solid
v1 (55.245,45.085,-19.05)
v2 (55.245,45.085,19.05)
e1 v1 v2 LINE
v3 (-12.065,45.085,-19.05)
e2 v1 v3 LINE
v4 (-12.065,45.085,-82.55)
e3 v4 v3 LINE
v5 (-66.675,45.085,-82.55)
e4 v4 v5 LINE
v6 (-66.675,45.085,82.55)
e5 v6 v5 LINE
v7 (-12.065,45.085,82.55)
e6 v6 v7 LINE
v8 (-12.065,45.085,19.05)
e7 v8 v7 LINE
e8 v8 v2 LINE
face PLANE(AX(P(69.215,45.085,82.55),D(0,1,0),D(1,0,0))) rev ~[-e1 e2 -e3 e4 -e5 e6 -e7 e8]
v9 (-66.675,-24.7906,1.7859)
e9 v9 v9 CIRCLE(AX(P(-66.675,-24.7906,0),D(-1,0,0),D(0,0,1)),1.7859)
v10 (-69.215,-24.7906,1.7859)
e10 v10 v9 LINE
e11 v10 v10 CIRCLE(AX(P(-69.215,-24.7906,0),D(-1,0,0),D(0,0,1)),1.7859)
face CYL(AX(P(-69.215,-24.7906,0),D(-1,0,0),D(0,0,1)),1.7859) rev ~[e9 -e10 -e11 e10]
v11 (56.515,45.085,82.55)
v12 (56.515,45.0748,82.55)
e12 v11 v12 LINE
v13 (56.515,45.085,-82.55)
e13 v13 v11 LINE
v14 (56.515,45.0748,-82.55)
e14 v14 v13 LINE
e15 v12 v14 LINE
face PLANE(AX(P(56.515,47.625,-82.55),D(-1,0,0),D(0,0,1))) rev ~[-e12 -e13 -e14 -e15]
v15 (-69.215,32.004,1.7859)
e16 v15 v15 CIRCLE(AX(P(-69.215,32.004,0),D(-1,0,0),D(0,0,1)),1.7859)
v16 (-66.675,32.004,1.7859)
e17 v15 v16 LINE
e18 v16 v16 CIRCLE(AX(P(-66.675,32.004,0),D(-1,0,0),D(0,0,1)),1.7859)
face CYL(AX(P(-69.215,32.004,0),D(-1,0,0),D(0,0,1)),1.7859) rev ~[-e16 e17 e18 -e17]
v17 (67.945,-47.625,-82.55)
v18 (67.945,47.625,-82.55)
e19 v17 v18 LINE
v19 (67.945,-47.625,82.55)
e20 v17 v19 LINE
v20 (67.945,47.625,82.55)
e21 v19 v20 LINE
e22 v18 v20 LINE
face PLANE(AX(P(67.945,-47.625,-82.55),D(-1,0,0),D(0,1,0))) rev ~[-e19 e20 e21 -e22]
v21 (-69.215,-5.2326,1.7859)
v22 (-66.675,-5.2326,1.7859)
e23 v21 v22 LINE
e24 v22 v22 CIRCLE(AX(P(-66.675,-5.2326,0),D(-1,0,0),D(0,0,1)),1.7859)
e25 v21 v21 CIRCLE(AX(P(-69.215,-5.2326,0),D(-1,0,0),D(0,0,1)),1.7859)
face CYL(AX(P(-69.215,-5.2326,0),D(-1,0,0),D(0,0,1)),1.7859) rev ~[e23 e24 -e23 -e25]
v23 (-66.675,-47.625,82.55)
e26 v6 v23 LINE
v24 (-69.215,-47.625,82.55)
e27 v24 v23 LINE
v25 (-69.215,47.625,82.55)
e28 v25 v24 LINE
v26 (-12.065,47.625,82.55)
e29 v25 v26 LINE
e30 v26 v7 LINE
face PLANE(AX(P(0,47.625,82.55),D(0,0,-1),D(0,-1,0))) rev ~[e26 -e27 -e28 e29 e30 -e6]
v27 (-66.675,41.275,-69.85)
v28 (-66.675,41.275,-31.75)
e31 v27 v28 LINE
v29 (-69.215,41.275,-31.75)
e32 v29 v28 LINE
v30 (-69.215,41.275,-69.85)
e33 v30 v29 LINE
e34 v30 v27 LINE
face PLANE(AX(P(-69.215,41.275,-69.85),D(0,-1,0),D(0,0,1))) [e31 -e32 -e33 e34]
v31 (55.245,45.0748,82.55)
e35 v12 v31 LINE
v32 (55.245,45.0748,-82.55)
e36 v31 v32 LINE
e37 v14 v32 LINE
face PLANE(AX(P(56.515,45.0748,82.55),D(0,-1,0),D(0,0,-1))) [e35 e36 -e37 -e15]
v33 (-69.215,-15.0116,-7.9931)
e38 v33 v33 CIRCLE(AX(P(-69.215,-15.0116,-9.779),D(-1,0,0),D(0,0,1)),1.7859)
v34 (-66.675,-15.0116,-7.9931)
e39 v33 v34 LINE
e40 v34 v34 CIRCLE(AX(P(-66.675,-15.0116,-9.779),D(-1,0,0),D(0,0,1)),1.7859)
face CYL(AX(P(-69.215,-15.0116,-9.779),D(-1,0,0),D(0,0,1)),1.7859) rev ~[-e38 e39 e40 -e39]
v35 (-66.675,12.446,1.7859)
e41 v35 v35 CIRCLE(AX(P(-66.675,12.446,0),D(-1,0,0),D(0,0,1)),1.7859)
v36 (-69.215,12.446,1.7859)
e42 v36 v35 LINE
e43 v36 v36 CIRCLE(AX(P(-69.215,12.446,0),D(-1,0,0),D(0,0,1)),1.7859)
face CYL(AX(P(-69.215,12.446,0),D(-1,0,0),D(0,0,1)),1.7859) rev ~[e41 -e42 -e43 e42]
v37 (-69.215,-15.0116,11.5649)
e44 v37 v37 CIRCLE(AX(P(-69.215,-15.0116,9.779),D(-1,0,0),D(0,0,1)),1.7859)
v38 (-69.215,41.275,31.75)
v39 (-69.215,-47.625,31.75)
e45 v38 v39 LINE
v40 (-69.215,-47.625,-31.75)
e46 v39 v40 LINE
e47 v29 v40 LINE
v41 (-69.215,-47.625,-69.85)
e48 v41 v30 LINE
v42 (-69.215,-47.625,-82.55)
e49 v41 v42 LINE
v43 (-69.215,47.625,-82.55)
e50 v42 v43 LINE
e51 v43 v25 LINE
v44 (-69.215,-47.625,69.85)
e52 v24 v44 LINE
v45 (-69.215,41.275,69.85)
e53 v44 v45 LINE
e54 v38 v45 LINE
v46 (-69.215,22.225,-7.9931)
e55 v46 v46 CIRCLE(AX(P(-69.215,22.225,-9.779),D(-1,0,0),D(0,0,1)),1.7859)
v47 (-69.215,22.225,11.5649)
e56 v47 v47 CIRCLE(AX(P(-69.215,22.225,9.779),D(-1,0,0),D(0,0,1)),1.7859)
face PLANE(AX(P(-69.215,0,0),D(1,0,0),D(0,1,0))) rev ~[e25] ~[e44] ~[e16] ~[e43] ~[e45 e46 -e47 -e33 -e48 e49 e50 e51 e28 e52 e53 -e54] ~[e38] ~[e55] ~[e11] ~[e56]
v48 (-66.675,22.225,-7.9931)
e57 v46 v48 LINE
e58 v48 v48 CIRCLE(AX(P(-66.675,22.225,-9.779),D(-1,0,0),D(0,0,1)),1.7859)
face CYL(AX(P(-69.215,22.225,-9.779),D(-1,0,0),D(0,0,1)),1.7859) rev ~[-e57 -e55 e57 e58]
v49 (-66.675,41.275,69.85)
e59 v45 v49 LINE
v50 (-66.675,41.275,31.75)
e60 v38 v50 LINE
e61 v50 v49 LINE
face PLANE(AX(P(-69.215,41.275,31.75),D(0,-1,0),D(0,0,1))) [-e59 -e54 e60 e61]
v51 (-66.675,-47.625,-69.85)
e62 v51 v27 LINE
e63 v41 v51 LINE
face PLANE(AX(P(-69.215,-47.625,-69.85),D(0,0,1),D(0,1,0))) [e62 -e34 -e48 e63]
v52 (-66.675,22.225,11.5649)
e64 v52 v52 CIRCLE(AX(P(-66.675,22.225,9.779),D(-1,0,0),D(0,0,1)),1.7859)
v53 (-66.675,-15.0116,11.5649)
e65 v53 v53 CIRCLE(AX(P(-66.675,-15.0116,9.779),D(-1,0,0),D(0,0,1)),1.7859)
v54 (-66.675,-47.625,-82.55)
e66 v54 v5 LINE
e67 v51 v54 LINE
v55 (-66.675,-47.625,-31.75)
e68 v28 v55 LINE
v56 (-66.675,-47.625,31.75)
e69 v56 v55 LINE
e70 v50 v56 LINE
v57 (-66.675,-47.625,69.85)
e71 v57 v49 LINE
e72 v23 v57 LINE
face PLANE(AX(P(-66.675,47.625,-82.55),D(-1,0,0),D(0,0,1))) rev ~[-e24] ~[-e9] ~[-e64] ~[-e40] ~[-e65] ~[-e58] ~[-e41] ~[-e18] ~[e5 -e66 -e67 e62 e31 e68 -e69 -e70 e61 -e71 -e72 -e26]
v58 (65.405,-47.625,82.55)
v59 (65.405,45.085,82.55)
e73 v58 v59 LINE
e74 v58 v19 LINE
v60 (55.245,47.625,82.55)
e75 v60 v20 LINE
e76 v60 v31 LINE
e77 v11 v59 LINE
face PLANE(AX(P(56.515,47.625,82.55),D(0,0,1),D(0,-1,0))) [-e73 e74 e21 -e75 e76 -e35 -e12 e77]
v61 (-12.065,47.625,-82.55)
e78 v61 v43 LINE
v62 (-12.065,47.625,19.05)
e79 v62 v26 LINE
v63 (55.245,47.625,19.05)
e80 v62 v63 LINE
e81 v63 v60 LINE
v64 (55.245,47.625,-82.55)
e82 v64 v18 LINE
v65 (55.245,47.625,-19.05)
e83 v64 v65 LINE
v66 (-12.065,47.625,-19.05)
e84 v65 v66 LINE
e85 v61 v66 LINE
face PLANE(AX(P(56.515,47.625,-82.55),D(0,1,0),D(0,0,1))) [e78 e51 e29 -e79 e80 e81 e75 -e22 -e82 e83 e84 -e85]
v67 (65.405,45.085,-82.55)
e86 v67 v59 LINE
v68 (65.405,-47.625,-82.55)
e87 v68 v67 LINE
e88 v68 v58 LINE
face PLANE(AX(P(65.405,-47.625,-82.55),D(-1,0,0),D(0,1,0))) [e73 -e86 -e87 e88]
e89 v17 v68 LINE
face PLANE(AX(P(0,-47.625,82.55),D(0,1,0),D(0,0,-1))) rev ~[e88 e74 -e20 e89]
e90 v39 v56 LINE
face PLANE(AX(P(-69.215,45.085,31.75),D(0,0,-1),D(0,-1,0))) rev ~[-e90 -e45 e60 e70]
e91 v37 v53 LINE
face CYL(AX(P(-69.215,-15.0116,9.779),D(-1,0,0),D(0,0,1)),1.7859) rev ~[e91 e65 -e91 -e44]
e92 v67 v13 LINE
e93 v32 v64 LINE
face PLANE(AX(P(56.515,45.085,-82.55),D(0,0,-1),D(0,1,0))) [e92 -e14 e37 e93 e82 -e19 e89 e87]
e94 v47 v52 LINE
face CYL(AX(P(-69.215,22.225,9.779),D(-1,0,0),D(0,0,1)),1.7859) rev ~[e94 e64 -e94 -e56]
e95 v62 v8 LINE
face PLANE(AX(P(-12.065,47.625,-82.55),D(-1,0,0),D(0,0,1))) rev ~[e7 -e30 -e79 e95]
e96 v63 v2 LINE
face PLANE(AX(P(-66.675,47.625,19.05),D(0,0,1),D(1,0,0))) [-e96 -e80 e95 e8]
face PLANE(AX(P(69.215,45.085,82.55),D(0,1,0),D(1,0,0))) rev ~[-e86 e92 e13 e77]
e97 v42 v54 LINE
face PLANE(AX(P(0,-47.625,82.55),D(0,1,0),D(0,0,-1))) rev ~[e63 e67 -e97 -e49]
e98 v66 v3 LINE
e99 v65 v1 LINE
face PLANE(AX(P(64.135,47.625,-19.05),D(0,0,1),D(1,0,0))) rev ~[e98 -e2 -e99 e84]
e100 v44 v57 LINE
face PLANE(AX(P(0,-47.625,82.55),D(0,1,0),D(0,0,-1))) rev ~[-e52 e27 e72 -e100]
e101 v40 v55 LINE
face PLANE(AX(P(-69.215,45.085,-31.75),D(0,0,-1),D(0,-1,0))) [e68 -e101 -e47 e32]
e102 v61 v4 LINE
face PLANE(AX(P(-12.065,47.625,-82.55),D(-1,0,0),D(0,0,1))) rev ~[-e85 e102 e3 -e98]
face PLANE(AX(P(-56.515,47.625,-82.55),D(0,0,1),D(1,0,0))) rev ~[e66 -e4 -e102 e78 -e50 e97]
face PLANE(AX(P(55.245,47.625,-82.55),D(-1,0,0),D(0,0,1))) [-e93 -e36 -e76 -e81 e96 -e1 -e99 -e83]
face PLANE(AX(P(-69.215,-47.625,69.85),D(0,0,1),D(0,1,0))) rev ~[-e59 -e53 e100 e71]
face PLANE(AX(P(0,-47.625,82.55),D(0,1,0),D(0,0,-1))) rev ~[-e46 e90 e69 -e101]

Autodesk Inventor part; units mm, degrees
ref_plane "YZ Plane" through (0, 0, 0) normal (1, 0, 0) x (0, 1, 0)
ref_plane "XZ Plane" through (0, 0, 0) normal (0, 1, 0) x (-1, 0, 0)
ref_plane "XY Plane" through (0, 0, 0) normal (0, 0, 1) x (1, 0, 0)
sketch "Sketch1" plane through (0, 0, 0) normal (1, 0, 0) x (0, 1, 0)
  line L0 (-47.625, 82.55) -> (-47.625, -82.55)
  line L1 (-47.625, -82.55) -> (47.625, -82.55)
  line L2 (47.625, -82.55) -> (47.625, 82.55)
  line L3 (47.625, 82.55) -> (-47.625, 82.55)
  line L4 (-47.625, 82.55) -> (47.625, -82.55) construction
  line L5 (-47.625, -82.55) -> (47.625, 82.55) construction
  point P0 (0, 0)
  dimension "d0" = 165.1
  dimension "d1" = 95.25
extrude "Extrusion1" add sketch "Sketch1" along normal mid plane 138.43
sketch "Sketch3" plane through (-69.215, 47.625, 82.55) normal (0, 1, 0) x (1, 0, 0)
  line L0 (0, 0) -> (138.43, 0) projected
  line L1 (138.43, 0) -> (138.43, 82.55)
  line L2 (138.43, 165.1) -> (138.43, 0) projected
  line L3 (1.27, 63.5) -> (137.16, 63.5)
  line L4 (137.16, 63.5) -> (137.16, 101.6)
  line L5 (137.16, 101.6) -> (1.27, 101.6)
  line L6 (1.27, 101.6) -> (1.27, 63.5)
  line L7 (1.27, 63.5) -> (137.16, 101.6) construction
  line L8 (137.16, 63.5) -> (1.27, 101.6) construction
  line L9 (2.54, 0) -> (133.35, 0) projected
  line L10 (133.35, 0) -> (133.35, 63.5)
  line L11 (133.35, 0) -> (133.35, 165.1) projected
  line L12 (133.35, 63.5) -> (2.54, 63.5)
  line L13 (2.54, 63.5) -> (2.54, 0)
  line L14 (2.54, 0) -> (133.35, 0)
  line L15 (133.35, 0) -> (133.35, 63.5)
  line L16 (2.54, 165.1) -> (2.54, 0) projected
  line L17 (2.54, 165.1) -> (2.54, 101.6)
  line L18 (2.54, 101.6) -> (133.35, 101.6)
  line L19 (133.35, 101.6) -> (133.35, 165.1)
  line L20 (133.35, 165.1) -> (2.54, 165.1)
  line L21 (2.54, 165.1) -> (2.54, 101.6)
  point P0 (69.215, 82.55)
  point P1 (2.54, 101.6)
  point P2 (133.35, 101.6)
  dimension "d12" = 38.1
  dimension "d13" = 63.5
extrude "Extrusion3" cut sketch "Sketch3" against normal blind 12962.89 contours L13 L3 L10 L0 | L16 L20 L11 L5
sketch "Sketch4" plane through (69.215, 0, 0) normal (1, 0, 0) x (0, 0, -1)
  point P0 (0, 0)
sketch "Sketch5" plane through (-66.675, 47.625, 19.05) normal (0, 0, 1) x (1, 0, 0)
  line L0 (135.89, -95.25) -> (135.89, 0) projected
  line L1 (135.89, -95.25) -> (133.35, -95.25)
  line L2 (135.89, -95.25) -> (130.81, -95.25) projected
  line L3 (130.81, 0) -> (0, 0) projected
  line L4 (0, 0) -> (0, -2.54)
  line L5 (0, 0) -> (0, -95.25) projected
  line L6 (0, -2.54) -> (133.35, -2.54)
  line L7 (133.35, -2.54) -> (133.35, -95.25)
  line L8 (133.35, -95.25) -> (0, -95.25)
  line L9 (0, -95.25) -> (0, -2.54)
  point P0 (66.675, -47.625)
  dimension "d16" = 2.54
  dimension "d17" = 2.54
extrude "Extrusion4" cut sketch "Sketch5" along normal mid plane 203.2
sketch "Sketch7" plane through (-69.215, 47.625, 82.55) normal (0, 1, 0) x (1, 0, 0)
  line L0 (133.35, 63.5) -> (133.35, 0) projected
  line L1 (135.89, 0) -> (138.43, 0) projected
  line L2 (133.35, 63.5) -> (135.89, 63.5)
  line L3 (135.89, 63.5) -> (135.89, 0)
  line L4 (135.89, 0) -> (133.35, 0)
  line L5 (133.35, 0) -> (133.35, 63.5)
  line L6 (133.35, 101.6) -> (2.54, 101.6) projected
  line L7 (135.89, 0) -> (135.89, 165.1) projected
  line L8 (133.35, 101.6) -> (135.89, 101.6)
  line L9 (135.89, 101.6) -> (135.89, 165.1)
  line L10 (135.89, 165.1) -> (133.35, 165.1)
  line L11 (133.35, 165.1) -> (133.35, 101.6)
  point P0 (69.215, 82.55)
extrude "Extrusion5" cut sketch "Sketch7" against normal blind 25.4
sketch "Sketch8" plane through (-69.215, 0, 0) normal (-1, 0, 0) x (0, 0, 1)
  line L0 (-19.05, 45.085) -> (19.05, 45.085) projected
  line L1 (-19.05, 45.085) -> (19.05, 45.085)
  line L2 (-19.05, 45.085) -> (-25.4, 45.085)
  line L3 (-25.4, 45.085) -> (-76.2, 45.085)
  line L4 (-25.4, 45.085) -> (-31.75, 45.085)
  line L5 (-82.55, -47.625) -> (82.55, -47.625) projected
  line L6 (-31.75, 45.085) -> (-31.75, -47.625)
  line L7 (-31.75, -47.625) -> (-69.85, -47.625)
  line L8 (-69.85, -47.625) -> (-69.85, 45.085)
  line L9 (-69.85, 45.085) -> (-31.75, 45.085)
  line L10 (19.05, 45.085) -> (31.75, 45.085)
  line L11 (31.75, 45.085) -> (31.75, -47.625)
  line L12 (31.75, -47.625) -> (69.85, -47.625)
  line L13 (69.85, -47.625) -> (69.85, 45.085)
  line L14 (69.85, 45.085) -> (31.75, 45.085)
  point P0 (0, 0)
  point P1 (-69.85, 45.085)
  dimension "d22" = 6.35
  dimension "d23" = 50.8
  dimension "d24" = 6.35
  dimension "d25" = 38.1
  dimension "d26" = 12.7
  dimension "d27" = 38.1
extrude "Extrusion6" cut sketch "Sketch8" against normal blind 25.4 contours L14 L13 L5 L11 | L6 L5 L8 L3
sketch "Sketch9" plane through (-69.215, 47.625, 82.55) normal (0, 1, 0) x (1, 0, 0)
  line L0 (2.54, 101.6) -> (2.54, 165.1) projected
  line L1 (2.54, 165.1) -> (2.54, 158.75)
  line L2 (2.54, 158.75) -> (135.89, 158.75)
  line L3 (135.89, 158.75) -> (135.89, 165.1)
  line L4 (135.89, 165.1) -> (2.54, 165.1)
  line L5 (2.54, 0) -> (2.54, 63.5) projected
  line L6 (2.54, 0) -> (2.54, 6.35)
  line L7 (2.54, 6.35) -> (135.89, 6.35)
  line L8 (135.89, 6.35) -> (135.89, 0)
  line L9 (135.89, 0) -> (2.54, 0)
  point P0 (69.215, 82.55)
  dimension "d30" = 6.35
  dimension "d31" = 6.35
extrude "Extrusion7" add sketch "Sketch9" against normal blind 2.54
sketch "Sketch10" plane through (-69.215, 0, 0) normal (-1, 0, 0) x (0, 0, 1)
  line L0 (-69.85, 45.085) -> (-69.85, -47.625) projected
  line L1 (-69.85, -47.625) -> (-69.85, 41.275)
  line L2 (-69.85, 41.275) -> (69.85, 41.275)
  line L3 (69.85, -47.625) -> (69.85, 45.085) projected
  line L4 (-69.85, 45.085) -> (-31.75, 45.085) projected
  line L5 (-69.85, 41.275) -> (-69.85, 45.085)
  line L6 (-69.85, 45.085) -> (-31.75, 45.085)
  line L7 (-31.75, 45.085) -> (-31.75, 41.275)
  line L8 (-31.75, 41.275) -> (-69.85, 41.275)
  line L9 (31.75, 45.085) -> (31.75, -47.625) projected
  line L10 (69.85, 45.085) -> (31.75, 45.085) projected
  line L11 (31.75, 41.275) -> (69.85, 41.275)
  line L12 (69.85, 41.275) -> (69.85, 45.085)
  line L13 (69.85, 45.085) -> (31.75, 45.085)
  line L14 (31.75, 45.085) -> (31.75, 41.275)
  point P0 (0, 0)
  dimension "d34" = 88.9
extrude "Extrusion8" add sketch "Sketch10" against normal blind 2.54
sketch "Sketch11" plane through (-69.215, 47.625, 82.55) normal (0, 1, 0) x (1, 0, 0)
  line L0 (0, 165.1) -> (0, 152.4) projected
  line L1 (135.89, 101.6) -> (2.54, 101.6) projected
  line L2 (0, 158.75) -> (12.7, 158.75)
  line L3 (12.7, 158.75) -> (12.7, 101.6)
  line L4 (12.7, 101.6) -> (0, 101.6)
  line L5 (0, 101.6) -> (0, 158.75)
  line L6 (2.54, 63.5) -> (135.89, 63.5) projected
  line L7 (0, 6.35) -> (12.7, 6.35)
  line L8 (12.7, 6.35) -> (12.7, 63.5)
  line L9 (12.7, 63.5) -> (0, 63.5)
  line L10 (0, 63.5) -> (0, 6.35)
  line L11 (138.6414, 6.35) -> (125.9414, 6.35)
  line L12 (125.9414, 6.35) -> (125.9414, 63.5)
  line L13 (125.9414, 63.5) -> (138.6414, 63.5)
  line L14 (138.6414, 63.5) -> (138.6414, 6.35)
  line L15 (125.9414, 101.6) -> (138.6414, 101.6)
  line L16 (138.6414, 101.6) -> (138.6414, 158.75)
  line L17 (138.6414, 158.75) -> (125.9414, 158.75)
  line L18 (125.9414, 158.75) -> (125.9414, 101.6)
  point P0 (69.215, 82.55)
  dimension "d37" = 12.7
  dimension "d38" = 12.7
  dimension "d39" = 12.7
extrude "Extrusion9" add sketch "Sketch11" against normal blind 2.54
sketch "Sketch12" plane through (-69.215, 47.625, -82.55) normal (0, 1, 0) x (1, 0, 0)
  line L0 (138.43, 0) -> (138.43, -6.35) projected
  line L1 (138.43, -6.35) -> (125.73, -6.35)
  line L2 (125.9414, -6.35) -> (12.7, -6.35) projected
  line L3 (138.43, -158.75) -> (138.43, -165.1) projected
  line L4 (138.43, -6.35) -> (138.43, -165.1)
  line L5 (138.43, -165.1) -> (125.73, -165.1)
  line L6 (125.73, -165.1) -> (125.73, -6.35)
  line L7 (125.73, -6.35) -> (138.43, -6.35)
  point P0 (69.215, -82.55)
  dimension "d42" = 12.7
  dimension "d43" = 12.7
extrude "Extrusion10" add sketch "Sketch12" against normal blind 2.54
sketch "Sketch13" plane through (-69.215, 47.625, -82.55) normal (0, 1, 0) x (1, 0, 0)
  line L0 (125.73, -63.5) -> (125.73, -6.35) projected
  line L1 (12.7, -6.35) -> (125.73, -6.35) projected
  line L2 (125.73, -6.35) -> (12.7, -6.35)
  line L3 (12.7, -6.35) -> (12.7, 0)
  line L4 (12.7, 0) -> (125.73, 0)
  line L5 (125.73, 0) -> (125.73, -6.35)
  line L6 (125.73, -158.75) -> (125.73, -101.6) projected
  line L7 (12.7, -101.6) -> (12.7, -158.75) projected
  line L8 (125.73, -158.75) -> (12.7, -158.75)
  line L9 (12.7, -158.75) -> (12.7, -165.1)
  line L10 (12.7, -165.1) -> (125.73, -165.1)
  line L11 (125.73, -165.1) -> (125.73, -158.75)
  point P0 (69.215, -82.55)
extrude "Extrusion11" cut sketch "Sketch13" against normal blind 2.54
sketch "Sketch14" plane through (-69.215, 0, 0) normal (-1, 0, 0) x (0, 0, 1)
  circle A0 centre (0, -5.2326) radius 1.7859
  circle A1 centre (9.779, -15.0116) radius 1.7859
  circle A2 centre (-9.779, -15.0116) radius 1.7859
  circle A3 centre (0, -24.7906) radius 1.7859
  line L0 (82.55, 47.625) -> (-82.55, 47.625) projected
  circle A4 centre (0, 12.446) radius 1.7859
  circle A5 centre (9.779, 22.225) radius 1.7859
  circle A6 centre (-9.779, 22.225) radius 1.7859
  circle A7 centre (0, 32.004) radius 1.7859
  point P0 (0, 0)
  dimension "d49" = 3.5719
  dimension "d50" = 3.5719
  dimension "d51" = 3.5719
  dimension "d52" = 3.5719
  dimension "d71" = 3.5719
  dimension "d72" = 3.5719
  dimension "d73" = 3.5719
  dimension "d74" = 3.5719
extrude "Extrusion12" cut sketch "Sketch14" against normal blind 2.54
sketch "Sketch15" plane through (-69.215, 47.625, 82.55) normal (0, 1, 0) x (1, 0, 0)
  line L0 (138.43, 158.75) -> (138.6414, 158.75) projected
  line L1 (138.43, 158.75) -> (138.6414, 158.75)
  line L2 (138.6414, 158.75) -> (138.6414, -0.8057)
  line L3 (138.6414, -0.8057) -> (138.43, -0.8057)
  line L4 (138.43, -0.8057) -> (138.43, 158.75)
  point P0 (69.215, 82.55)
extrude "Extrusion13" cut sketch "Sketch15" against normal blind 152.4
sketch "Sketch16" plane through (69.215, 47.625, 82.55) normal (0, 1, 0) x (1, 0, 0)
  line L0 (-125.73, 101.6) -> (-125.73, 165.1) projected
  line L1 (-125.73, 165.1) -> (-81.28, 165.1)
  line L2 (-81.28, 165.1) -> (-81.28, 0)
  line L3 (-81.28, 0) -> (-125.73, 0)
  line L4 (-125.73, 0) -> (-125.73, 165.1)
  point P0 (-69.215, 82.55)
  dimension "d57" = 44.45
extrude "Extrusion14" add sketch "Sketch16" against normal blind 2.54
sketch "Sketch17" plane through (69.215, -47.625, -82.55) normal (0, 0, -1) x (-1, 0, 0)
  line L0 (2.54, 0) -> (0, 0) projected
  line L1 (0, 0) -> (1.27, 0)
  line L2 (1.27, 0) -> (3.81, 0)
  line L3 (3.81, 0) -> (3.81, 95.25)
  line L4 (3.81, 95.25) -> (1.27, 95.25)
  line L5 (1.27, 95.25) -> (1.27, 0)
  point P0 (69.215, 47.625)
  dimension "d60" = 1.27
  dimension "d61" = 2.54
extrude "Extrusion15" add sketch "Sketch17" against normal blind 165.1
sketch "Sketch18" plane through (69.215, -47.625, -82.55) normal (0, 0, -1) x (-1, 0, 0)
  line L0 (0, 0) -> (3.81, 0) projected
  line L1 (0, 0) -> (1.27, 0)
  line L2 (1.27, 0) -> (1.27, 95.25)
  line L3 (1.27, 95.25) -> (0, 95.25)
  line L4 (0, 95.25) -> (0, 0)
  point P0 (69.215, 47.625)
  dimension "d64" = 1.27
extrude "Extrusion16" cut sketch "Sketch18" against normal blind 165.1
sketch "Sketch19" plane through (56.515, 47.625, -82.55) normal (-1, 0, 0) x (0, 0, 1)
  line L0 (0, -2.54) -> (0, 0) projected
  line L1 (101.6, 0) -> (165.1, 0) projected
  line L2 (0, 0) -> (165.1, 0)
  line L3 (165.1, 0) -> (165.1, -2.5502)
  line L4 (165.1, -2.5502) -> (0, -2.5502)
  line L5 (0, -2.5502) -> (0, 0)
  point P0 (82.55, -47.625)
extrude "Extrusion17" add sketch "Sketch19" along normal blind 1.27
equation "\"d49\" = d51"
properties part number "intakeCover"
